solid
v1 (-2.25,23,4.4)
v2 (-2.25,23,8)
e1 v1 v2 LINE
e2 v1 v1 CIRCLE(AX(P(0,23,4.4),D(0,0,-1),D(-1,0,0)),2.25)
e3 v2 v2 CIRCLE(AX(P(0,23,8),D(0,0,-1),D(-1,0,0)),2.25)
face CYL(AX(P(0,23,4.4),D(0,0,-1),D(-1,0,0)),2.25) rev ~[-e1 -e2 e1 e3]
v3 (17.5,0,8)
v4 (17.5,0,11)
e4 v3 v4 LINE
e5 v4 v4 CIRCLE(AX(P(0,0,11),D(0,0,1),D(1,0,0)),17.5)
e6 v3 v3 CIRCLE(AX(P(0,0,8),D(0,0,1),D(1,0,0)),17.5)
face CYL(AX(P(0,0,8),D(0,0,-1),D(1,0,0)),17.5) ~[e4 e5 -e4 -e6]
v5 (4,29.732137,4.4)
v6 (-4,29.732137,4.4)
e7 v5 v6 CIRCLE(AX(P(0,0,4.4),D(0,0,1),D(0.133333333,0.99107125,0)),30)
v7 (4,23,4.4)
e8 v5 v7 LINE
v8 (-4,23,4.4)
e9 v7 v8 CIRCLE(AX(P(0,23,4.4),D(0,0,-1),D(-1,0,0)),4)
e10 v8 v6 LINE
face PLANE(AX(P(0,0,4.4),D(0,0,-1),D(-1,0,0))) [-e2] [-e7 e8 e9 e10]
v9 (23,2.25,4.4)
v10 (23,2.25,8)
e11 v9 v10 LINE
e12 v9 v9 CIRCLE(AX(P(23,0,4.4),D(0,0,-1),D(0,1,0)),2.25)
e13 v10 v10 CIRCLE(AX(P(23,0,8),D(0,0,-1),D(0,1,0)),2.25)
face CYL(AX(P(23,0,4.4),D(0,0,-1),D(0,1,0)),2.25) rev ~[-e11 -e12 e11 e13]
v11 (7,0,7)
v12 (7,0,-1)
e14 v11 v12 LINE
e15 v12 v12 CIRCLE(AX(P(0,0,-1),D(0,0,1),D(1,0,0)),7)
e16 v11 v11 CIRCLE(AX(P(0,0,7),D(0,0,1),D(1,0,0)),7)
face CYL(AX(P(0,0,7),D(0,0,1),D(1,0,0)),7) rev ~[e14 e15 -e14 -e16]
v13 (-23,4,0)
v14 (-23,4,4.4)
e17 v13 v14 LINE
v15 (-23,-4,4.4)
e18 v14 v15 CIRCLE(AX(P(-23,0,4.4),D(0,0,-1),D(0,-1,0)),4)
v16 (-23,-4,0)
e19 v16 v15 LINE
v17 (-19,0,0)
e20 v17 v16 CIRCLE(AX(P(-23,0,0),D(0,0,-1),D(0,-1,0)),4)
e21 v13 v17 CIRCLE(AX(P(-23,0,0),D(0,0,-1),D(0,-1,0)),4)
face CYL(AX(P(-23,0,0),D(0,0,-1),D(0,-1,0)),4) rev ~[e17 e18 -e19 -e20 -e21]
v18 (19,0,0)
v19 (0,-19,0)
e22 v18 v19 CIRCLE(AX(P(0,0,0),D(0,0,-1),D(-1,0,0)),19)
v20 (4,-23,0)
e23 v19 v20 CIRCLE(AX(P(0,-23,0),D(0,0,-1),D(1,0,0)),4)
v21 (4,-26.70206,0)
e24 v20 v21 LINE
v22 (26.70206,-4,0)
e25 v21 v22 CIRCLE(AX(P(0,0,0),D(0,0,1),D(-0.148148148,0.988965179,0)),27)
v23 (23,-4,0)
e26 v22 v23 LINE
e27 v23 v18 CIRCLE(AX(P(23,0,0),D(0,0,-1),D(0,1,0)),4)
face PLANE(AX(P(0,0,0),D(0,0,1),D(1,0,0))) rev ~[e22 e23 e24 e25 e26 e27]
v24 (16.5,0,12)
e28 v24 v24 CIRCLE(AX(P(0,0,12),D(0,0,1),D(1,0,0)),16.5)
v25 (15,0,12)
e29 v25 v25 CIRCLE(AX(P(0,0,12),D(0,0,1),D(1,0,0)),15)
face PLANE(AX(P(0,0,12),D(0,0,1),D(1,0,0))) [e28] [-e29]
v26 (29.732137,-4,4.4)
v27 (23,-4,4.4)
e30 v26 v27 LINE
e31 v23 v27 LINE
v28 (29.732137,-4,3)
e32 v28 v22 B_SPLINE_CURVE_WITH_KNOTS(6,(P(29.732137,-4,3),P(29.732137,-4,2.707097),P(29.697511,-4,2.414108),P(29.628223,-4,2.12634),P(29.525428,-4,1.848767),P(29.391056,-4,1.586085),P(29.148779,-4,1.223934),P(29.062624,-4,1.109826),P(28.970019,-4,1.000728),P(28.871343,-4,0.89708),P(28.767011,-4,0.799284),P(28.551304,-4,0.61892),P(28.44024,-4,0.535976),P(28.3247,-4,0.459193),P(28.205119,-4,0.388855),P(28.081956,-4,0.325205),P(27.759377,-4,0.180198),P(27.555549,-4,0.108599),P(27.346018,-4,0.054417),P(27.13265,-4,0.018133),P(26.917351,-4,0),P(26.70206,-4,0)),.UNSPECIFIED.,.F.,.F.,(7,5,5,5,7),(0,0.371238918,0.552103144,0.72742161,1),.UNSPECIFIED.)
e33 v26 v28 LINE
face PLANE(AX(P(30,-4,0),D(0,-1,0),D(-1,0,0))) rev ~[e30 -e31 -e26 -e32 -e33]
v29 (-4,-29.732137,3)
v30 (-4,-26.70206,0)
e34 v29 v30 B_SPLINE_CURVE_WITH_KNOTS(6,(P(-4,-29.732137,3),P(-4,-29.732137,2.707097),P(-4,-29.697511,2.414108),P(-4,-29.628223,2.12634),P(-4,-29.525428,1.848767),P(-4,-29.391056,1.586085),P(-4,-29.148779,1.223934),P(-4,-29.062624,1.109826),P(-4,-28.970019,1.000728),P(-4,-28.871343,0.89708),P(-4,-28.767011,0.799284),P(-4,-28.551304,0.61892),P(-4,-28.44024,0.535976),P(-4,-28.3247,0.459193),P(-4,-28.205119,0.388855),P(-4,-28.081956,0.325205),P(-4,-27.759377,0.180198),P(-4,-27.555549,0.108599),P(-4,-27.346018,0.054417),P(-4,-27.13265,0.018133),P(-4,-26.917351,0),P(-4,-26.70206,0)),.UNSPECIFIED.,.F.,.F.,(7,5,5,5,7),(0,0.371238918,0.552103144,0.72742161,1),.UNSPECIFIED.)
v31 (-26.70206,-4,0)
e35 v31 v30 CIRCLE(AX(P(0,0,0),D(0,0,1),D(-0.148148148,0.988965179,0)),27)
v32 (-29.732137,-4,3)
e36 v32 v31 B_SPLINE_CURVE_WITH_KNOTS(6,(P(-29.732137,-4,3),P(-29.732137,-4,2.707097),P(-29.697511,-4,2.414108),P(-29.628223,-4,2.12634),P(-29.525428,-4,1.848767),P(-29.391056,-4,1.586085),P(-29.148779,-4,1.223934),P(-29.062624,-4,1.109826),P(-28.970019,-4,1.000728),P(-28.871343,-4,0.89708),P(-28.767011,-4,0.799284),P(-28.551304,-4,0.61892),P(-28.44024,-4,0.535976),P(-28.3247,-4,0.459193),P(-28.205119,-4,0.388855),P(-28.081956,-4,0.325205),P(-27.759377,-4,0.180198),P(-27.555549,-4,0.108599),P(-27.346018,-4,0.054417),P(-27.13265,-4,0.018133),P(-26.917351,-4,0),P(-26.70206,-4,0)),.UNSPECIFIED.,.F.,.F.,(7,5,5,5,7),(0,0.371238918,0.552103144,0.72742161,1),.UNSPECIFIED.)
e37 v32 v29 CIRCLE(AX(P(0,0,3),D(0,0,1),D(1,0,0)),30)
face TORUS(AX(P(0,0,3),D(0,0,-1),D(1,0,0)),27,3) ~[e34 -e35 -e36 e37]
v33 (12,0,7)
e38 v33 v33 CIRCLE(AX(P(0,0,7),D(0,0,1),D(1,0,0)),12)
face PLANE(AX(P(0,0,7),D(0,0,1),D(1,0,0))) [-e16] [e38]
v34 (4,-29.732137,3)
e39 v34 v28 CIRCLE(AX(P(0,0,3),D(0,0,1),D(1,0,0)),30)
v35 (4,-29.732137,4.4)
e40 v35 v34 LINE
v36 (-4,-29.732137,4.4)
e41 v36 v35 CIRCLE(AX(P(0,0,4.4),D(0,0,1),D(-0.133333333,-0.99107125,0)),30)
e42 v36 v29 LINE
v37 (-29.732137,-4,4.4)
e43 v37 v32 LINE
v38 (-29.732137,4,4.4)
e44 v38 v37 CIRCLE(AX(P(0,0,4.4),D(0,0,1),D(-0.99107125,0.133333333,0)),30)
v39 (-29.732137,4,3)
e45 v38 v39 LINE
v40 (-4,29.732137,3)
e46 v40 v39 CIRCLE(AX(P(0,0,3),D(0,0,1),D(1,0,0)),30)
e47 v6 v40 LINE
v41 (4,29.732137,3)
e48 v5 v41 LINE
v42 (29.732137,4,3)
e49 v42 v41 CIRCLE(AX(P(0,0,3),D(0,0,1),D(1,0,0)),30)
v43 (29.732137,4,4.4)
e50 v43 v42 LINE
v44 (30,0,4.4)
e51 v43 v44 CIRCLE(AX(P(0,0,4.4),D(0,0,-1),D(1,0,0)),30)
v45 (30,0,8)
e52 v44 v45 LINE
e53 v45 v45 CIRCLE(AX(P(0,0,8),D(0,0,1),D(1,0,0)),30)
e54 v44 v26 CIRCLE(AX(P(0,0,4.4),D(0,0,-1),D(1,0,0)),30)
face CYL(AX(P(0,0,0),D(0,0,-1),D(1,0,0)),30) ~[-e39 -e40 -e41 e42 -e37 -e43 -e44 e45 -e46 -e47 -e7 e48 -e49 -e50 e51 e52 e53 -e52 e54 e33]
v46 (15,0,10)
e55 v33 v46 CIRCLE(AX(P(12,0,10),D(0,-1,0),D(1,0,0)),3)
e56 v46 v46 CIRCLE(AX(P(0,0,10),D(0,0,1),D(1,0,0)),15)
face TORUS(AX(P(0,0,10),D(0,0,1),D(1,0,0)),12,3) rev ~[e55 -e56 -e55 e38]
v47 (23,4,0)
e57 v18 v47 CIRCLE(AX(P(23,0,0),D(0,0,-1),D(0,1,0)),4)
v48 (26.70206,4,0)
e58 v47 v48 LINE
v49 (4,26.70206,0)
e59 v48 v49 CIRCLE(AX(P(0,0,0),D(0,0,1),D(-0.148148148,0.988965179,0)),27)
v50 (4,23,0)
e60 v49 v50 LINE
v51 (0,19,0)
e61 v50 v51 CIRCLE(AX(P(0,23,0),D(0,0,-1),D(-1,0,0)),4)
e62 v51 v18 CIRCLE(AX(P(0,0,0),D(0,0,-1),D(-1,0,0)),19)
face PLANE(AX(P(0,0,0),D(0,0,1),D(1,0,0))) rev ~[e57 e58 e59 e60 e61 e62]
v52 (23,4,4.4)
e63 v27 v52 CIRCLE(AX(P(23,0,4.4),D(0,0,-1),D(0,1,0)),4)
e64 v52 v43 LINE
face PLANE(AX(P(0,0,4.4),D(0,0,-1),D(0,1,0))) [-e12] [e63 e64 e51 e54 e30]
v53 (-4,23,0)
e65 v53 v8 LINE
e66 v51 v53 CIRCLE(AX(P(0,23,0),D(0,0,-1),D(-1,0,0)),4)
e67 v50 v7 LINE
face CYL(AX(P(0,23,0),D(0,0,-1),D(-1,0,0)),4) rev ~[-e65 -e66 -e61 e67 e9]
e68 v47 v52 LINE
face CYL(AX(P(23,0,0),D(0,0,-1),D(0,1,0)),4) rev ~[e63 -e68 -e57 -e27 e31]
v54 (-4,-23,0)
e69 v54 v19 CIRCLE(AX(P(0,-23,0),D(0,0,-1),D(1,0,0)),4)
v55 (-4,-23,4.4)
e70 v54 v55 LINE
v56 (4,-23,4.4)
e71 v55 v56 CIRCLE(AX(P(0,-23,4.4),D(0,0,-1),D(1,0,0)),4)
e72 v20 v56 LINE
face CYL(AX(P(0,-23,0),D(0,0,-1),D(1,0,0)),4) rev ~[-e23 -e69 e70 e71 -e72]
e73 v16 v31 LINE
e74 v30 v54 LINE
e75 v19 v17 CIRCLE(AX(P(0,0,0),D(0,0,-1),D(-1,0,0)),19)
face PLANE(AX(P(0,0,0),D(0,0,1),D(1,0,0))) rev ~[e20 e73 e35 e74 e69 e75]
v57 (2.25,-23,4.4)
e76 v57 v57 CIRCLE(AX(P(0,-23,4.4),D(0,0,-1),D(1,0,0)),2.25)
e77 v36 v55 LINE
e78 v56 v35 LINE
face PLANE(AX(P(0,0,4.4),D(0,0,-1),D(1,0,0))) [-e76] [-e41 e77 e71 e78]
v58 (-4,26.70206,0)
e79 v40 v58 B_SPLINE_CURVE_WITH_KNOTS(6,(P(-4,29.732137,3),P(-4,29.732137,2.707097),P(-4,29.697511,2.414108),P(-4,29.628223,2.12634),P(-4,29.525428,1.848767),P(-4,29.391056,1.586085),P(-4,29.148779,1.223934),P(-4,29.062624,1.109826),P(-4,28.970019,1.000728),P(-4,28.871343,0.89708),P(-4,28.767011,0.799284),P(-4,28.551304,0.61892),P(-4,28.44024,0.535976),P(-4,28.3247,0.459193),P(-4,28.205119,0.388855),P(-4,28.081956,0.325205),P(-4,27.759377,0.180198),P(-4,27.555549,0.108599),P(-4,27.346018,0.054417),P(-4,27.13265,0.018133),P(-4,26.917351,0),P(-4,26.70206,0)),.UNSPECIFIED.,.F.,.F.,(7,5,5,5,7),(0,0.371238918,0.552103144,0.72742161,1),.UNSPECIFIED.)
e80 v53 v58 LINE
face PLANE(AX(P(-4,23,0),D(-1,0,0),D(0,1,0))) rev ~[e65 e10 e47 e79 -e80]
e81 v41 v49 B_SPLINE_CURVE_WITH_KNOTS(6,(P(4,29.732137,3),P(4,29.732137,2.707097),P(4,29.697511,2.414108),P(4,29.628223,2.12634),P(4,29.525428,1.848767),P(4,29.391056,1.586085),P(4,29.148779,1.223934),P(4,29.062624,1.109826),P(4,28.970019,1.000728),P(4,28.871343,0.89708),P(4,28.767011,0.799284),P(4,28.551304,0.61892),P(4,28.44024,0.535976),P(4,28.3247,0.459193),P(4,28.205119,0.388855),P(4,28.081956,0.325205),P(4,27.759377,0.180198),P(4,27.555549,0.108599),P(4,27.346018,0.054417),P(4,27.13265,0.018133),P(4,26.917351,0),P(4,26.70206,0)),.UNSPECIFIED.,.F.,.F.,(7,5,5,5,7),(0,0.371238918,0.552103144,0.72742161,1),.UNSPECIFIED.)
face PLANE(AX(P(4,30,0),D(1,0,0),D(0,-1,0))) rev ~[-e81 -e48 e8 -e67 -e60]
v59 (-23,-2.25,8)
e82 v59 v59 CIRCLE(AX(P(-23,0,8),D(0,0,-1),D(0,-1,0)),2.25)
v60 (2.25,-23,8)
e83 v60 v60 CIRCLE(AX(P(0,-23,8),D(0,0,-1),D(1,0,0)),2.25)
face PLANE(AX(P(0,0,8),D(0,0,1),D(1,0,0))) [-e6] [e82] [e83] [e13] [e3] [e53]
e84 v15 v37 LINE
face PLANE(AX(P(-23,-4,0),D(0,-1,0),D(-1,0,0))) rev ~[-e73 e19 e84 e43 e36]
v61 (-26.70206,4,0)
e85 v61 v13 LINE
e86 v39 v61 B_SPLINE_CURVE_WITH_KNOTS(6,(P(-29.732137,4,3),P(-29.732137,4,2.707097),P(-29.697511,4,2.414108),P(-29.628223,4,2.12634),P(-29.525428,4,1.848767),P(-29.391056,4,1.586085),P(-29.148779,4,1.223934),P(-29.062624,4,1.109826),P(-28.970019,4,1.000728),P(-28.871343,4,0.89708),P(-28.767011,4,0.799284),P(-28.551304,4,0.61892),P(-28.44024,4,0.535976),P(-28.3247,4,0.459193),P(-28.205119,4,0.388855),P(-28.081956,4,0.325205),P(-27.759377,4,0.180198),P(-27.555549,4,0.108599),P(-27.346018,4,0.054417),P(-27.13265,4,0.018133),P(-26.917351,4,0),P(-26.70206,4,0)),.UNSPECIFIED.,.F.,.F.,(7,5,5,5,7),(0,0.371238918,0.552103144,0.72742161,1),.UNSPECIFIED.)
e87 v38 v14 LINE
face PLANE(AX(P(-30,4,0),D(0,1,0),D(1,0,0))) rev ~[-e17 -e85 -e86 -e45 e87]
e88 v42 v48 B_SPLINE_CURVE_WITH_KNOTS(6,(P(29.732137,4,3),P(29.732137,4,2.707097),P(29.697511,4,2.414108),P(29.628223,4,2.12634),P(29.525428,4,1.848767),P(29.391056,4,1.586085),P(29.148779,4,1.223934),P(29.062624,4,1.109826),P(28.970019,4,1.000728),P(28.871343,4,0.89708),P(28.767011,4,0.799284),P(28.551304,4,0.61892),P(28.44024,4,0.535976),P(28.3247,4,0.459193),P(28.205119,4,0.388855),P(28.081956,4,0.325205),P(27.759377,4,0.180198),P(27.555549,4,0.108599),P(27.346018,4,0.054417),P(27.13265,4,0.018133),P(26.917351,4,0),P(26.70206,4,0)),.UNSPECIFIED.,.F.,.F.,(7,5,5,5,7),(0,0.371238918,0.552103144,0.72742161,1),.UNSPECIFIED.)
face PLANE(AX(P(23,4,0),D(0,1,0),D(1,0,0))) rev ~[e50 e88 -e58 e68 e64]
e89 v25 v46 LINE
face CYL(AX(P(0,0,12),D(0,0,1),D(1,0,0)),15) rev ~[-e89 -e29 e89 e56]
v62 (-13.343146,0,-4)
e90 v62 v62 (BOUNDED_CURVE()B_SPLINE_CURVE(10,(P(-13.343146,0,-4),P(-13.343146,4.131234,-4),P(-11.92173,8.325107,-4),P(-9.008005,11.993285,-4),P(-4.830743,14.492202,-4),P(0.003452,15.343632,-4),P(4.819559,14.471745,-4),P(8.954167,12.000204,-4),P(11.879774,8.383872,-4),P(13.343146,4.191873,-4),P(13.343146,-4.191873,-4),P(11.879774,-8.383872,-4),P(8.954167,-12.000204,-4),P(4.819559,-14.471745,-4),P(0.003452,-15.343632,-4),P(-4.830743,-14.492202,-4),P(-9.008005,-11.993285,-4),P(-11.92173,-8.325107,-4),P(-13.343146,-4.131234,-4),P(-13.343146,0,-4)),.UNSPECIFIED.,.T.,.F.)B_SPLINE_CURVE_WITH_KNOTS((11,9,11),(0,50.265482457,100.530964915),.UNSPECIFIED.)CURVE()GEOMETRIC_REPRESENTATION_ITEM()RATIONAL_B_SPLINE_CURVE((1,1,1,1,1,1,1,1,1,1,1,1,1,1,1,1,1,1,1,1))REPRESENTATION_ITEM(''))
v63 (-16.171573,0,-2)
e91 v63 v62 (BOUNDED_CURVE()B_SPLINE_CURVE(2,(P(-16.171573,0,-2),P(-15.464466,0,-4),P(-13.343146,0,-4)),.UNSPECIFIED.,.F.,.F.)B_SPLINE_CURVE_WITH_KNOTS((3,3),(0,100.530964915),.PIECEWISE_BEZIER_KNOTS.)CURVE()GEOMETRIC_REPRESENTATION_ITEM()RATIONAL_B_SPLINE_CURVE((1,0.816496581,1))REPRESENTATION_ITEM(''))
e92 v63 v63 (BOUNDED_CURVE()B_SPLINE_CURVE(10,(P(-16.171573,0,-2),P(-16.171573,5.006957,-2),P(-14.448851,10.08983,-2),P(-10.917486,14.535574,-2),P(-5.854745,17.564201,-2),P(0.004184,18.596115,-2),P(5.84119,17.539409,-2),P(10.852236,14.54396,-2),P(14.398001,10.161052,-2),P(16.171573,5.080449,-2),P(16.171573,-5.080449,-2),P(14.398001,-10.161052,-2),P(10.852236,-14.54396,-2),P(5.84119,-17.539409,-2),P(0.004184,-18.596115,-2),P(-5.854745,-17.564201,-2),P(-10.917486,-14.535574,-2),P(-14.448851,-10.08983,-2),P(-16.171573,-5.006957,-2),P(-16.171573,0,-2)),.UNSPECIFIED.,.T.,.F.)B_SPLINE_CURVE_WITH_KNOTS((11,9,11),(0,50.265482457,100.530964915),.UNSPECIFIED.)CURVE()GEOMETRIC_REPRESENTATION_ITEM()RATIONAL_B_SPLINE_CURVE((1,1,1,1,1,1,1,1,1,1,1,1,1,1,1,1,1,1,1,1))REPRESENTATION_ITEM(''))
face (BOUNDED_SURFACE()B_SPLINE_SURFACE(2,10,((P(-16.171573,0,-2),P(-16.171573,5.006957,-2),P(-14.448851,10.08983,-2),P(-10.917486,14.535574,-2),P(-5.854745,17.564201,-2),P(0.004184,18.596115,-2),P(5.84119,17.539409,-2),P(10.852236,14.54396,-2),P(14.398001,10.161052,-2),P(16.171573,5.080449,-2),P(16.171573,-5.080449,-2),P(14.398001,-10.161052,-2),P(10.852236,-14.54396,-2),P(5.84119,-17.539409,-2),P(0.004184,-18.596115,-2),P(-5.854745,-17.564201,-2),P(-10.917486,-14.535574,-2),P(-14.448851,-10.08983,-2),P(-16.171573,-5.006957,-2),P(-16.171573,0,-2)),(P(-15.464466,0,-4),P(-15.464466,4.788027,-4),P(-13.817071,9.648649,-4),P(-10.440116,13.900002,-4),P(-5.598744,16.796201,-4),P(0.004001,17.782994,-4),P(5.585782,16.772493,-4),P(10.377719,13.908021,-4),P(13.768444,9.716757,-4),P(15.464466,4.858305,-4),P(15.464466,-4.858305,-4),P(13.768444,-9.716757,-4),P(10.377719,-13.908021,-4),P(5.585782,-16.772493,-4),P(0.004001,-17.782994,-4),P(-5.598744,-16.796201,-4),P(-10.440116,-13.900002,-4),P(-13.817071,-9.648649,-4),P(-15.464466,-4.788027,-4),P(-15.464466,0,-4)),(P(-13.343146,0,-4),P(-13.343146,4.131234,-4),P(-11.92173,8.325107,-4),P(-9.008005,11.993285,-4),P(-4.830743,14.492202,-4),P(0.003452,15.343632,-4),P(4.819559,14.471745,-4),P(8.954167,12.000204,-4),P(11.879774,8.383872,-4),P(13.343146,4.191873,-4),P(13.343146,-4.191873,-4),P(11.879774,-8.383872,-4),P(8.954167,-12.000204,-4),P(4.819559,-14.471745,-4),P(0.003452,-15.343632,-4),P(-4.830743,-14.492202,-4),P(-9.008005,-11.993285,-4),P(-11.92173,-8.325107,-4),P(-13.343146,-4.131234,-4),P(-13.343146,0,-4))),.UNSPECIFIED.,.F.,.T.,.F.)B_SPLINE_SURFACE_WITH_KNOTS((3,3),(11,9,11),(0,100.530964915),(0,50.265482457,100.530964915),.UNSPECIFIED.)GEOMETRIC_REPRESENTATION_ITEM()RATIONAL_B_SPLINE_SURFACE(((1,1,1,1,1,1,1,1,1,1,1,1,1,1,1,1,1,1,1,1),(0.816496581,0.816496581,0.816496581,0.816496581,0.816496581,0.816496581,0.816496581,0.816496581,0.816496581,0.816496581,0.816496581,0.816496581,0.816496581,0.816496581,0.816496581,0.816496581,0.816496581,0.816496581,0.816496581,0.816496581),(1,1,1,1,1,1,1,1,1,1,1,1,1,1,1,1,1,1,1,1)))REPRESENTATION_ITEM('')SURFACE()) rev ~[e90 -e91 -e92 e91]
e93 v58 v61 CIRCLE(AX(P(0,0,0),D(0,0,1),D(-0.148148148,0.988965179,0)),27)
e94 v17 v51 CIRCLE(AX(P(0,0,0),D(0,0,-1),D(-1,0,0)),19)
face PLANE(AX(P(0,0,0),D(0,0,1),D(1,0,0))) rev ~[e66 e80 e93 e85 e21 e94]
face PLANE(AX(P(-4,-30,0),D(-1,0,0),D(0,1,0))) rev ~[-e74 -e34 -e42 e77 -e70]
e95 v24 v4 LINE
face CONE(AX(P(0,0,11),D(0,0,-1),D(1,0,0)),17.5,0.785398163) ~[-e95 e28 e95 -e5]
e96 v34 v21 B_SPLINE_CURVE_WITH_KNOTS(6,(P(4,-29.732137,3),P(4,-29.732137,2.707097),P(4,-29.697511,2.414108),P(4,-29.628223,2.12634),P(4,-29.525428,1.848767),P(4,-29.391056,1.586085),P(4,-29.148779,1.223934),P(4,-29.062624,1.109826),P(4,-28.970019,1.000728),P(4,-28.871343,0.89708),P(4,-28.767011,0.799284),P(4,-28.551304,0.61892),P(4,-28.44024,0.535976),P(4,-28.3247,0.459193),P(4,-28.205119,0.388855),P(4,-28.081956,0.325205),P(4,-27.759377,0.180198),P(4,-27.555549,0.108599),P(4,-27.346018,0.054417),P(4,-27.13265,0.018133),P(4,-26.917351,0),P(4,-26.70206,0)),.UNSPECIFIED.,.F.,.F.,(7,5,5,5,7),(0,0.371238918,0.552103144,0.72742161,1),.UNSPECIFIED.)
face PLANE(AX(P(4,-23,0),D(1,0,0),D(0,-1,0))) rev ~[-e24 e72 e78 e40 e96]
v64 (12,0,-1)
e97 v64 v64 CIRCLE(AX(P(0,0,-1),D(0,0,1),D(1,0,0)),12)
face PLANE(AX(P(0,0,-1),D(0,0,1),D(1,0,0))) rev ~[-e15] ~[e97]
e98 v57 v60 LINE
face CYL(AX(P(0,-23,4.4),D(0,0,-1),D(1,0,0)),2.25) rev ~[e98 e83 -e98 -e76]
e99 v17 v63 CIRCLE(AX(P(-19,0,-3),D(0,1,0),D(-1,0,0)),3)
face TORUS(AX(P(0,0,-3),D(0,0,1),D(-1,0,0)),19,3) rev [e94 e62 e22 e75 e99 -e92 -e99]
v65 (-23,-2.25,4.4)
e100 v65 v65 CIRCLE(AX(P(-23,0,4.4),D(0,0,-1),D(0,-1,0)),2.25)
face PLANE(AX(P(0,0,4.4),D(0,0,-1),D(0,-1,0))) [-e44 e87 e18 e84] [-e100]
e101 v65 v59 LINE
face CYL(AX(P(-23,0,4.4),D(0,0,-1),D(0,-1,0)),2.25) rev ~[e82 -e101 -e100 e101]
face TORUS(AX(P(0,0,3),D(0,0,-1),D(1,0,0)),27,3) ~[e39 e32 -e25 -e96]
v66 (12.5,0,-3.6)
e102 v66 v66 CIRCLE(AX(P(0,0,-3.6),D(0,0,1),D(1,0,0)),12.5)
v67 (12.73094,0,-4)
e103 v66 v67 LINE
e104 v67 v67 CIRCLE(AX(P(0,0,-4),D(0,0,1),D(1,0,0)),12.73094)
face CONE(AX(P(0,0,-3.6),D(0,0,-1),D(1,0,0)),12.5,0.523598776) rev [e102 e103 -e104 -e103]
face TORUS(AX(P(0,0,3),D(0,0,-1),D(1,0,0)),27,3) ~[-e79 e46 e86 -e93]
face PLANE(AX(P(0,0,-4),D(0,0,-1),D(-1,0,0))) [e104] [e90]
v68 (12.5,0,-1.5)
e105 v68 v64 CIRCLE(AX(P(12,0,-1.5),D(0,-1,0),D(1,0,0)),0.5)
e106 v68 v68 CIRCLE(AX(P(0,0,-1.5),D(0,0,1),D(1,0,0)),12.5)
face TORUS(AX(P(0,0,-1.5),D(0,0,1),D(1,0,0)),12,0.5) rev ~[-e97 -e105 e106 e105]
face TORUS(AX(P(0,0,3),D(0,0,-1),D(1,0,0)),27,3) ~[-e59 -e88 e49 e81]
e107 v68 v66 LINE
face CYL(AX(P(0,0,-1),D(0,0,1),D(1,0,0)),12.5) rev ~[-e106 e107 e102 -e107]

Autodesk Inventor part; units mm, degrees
ref_plane "YZ Plane" through (0, 0, 0) normal (1, 0, 0) x (0, 1, 0)
ref_plane "XZ Plane" through (0, 0, 0) normal (0, 1, 0) x (-1, 0, 0)
ref_plane "XY Plane" through (0, 0, 0) normal (0, 0, 1) x (1, 0, 0)
sketch "스케치1" plane through (0, 0, 0) normal (0, 0, 1) x (1, 0, 0)
  circle A0 centre (0, 0) radius 30
  dimension "d0" = 60
extrude "돌출1" add sketch "스케치1" along normal blind 8
sketch "스케치2" plane through (0, 0, 8) normal (0, 0, 1) x (1, 0, 0)
  circle A0 centre (0, 0) radius 17.5
  dimension "d3" = 35
extrude "돌출2" add sketch "스케치2" along normal blind 4
sketch "스케치3" plane through (0, 0, 0) normal (0, 0, -1) x (-1, 0, 0)
  circle A0 centre (0, 0) radius 16
  dimension "d6" = 32
extrude "돌출3" add sketch "스케치3" along normal blind 4
sketch "스케치4" plane through (0, 0, 12) normal (0, 0, 1) x (1, 0, 0)
  circle A0 centre (0, 0) radius 15
  dimension "d9" = 30
extrude "돌출4" cut sketch "스케치4" against normal blind 5
sketch "스케치5" plane through (0, 0, 7) normal (0, 0, 1) x (1, 0, 0)
  circle A0 centre (0, 0) radius 7
  dimension "d12" = 14
extrude "돌출5" cut sketch "스케치5" against normal blind 8
sketch "스케치6" plane through (0, 0, -1) normal (0, 0, 1) x (1, 0, 0)
  circle A0 centre (0, 0) radius 12.5
  dimension "d15" = 25
extrude "돌출6" cut sketch "스케치6" against normal up to next
chamfer "모따기1" distance 0.4 angle 30 1 edges at (-12.5, 0, -4) measured on face at (12.4595, -1.0058, -3)
fillet "모깎기1" radius 0.5 1 edges at (-12.5, 0, -1)
chamfer "모따기2" distance 1 angle 45 1 edges at (-17.5, 0, 12)
fillet "모깎기2" radius 3 4 edges at (-30, 0, 0) (16, 0, 0) (16, 0, -4) (-15, 0, 7)
sketch "스케치9" plane through (0, 0, 0) normal (0, 0, -1) x (-1, 0, 0)
  circle A0 centre (0, 23) radius 4
  line L0 (-4, 23) -> (4, 23)
  line L1 (4, 23) -> (4, 30)
  line L2 (4, 30) -> (-4, 30)
  line L3 (-4, 30) -> (-4, 23)
  point P0 (0, 0)
  dimension "d38" = 8
  dimension "d39" = 23
extrude "돌출7" cut sketch "스케치9" against normal blind 4.4
sketch "스케치10" plane through (0, 0, 4.4) normal (0, 0, -1) x (-1, 0, 0)
  circle A0 centre (0, 23) radius 2.25
  point P0 (0, 0)
  dimension "d42" = 4.5
  dimension "d43" = 23
extrude "돌출8" cut sketch "스케치10" against normal up to next
pattern_circular "원형 패턴2" count 4 over 360 about axis through (0, 0, 7) along (0, 0, -1) of "돌출8", "돌출7"
properties part number "2강3"
